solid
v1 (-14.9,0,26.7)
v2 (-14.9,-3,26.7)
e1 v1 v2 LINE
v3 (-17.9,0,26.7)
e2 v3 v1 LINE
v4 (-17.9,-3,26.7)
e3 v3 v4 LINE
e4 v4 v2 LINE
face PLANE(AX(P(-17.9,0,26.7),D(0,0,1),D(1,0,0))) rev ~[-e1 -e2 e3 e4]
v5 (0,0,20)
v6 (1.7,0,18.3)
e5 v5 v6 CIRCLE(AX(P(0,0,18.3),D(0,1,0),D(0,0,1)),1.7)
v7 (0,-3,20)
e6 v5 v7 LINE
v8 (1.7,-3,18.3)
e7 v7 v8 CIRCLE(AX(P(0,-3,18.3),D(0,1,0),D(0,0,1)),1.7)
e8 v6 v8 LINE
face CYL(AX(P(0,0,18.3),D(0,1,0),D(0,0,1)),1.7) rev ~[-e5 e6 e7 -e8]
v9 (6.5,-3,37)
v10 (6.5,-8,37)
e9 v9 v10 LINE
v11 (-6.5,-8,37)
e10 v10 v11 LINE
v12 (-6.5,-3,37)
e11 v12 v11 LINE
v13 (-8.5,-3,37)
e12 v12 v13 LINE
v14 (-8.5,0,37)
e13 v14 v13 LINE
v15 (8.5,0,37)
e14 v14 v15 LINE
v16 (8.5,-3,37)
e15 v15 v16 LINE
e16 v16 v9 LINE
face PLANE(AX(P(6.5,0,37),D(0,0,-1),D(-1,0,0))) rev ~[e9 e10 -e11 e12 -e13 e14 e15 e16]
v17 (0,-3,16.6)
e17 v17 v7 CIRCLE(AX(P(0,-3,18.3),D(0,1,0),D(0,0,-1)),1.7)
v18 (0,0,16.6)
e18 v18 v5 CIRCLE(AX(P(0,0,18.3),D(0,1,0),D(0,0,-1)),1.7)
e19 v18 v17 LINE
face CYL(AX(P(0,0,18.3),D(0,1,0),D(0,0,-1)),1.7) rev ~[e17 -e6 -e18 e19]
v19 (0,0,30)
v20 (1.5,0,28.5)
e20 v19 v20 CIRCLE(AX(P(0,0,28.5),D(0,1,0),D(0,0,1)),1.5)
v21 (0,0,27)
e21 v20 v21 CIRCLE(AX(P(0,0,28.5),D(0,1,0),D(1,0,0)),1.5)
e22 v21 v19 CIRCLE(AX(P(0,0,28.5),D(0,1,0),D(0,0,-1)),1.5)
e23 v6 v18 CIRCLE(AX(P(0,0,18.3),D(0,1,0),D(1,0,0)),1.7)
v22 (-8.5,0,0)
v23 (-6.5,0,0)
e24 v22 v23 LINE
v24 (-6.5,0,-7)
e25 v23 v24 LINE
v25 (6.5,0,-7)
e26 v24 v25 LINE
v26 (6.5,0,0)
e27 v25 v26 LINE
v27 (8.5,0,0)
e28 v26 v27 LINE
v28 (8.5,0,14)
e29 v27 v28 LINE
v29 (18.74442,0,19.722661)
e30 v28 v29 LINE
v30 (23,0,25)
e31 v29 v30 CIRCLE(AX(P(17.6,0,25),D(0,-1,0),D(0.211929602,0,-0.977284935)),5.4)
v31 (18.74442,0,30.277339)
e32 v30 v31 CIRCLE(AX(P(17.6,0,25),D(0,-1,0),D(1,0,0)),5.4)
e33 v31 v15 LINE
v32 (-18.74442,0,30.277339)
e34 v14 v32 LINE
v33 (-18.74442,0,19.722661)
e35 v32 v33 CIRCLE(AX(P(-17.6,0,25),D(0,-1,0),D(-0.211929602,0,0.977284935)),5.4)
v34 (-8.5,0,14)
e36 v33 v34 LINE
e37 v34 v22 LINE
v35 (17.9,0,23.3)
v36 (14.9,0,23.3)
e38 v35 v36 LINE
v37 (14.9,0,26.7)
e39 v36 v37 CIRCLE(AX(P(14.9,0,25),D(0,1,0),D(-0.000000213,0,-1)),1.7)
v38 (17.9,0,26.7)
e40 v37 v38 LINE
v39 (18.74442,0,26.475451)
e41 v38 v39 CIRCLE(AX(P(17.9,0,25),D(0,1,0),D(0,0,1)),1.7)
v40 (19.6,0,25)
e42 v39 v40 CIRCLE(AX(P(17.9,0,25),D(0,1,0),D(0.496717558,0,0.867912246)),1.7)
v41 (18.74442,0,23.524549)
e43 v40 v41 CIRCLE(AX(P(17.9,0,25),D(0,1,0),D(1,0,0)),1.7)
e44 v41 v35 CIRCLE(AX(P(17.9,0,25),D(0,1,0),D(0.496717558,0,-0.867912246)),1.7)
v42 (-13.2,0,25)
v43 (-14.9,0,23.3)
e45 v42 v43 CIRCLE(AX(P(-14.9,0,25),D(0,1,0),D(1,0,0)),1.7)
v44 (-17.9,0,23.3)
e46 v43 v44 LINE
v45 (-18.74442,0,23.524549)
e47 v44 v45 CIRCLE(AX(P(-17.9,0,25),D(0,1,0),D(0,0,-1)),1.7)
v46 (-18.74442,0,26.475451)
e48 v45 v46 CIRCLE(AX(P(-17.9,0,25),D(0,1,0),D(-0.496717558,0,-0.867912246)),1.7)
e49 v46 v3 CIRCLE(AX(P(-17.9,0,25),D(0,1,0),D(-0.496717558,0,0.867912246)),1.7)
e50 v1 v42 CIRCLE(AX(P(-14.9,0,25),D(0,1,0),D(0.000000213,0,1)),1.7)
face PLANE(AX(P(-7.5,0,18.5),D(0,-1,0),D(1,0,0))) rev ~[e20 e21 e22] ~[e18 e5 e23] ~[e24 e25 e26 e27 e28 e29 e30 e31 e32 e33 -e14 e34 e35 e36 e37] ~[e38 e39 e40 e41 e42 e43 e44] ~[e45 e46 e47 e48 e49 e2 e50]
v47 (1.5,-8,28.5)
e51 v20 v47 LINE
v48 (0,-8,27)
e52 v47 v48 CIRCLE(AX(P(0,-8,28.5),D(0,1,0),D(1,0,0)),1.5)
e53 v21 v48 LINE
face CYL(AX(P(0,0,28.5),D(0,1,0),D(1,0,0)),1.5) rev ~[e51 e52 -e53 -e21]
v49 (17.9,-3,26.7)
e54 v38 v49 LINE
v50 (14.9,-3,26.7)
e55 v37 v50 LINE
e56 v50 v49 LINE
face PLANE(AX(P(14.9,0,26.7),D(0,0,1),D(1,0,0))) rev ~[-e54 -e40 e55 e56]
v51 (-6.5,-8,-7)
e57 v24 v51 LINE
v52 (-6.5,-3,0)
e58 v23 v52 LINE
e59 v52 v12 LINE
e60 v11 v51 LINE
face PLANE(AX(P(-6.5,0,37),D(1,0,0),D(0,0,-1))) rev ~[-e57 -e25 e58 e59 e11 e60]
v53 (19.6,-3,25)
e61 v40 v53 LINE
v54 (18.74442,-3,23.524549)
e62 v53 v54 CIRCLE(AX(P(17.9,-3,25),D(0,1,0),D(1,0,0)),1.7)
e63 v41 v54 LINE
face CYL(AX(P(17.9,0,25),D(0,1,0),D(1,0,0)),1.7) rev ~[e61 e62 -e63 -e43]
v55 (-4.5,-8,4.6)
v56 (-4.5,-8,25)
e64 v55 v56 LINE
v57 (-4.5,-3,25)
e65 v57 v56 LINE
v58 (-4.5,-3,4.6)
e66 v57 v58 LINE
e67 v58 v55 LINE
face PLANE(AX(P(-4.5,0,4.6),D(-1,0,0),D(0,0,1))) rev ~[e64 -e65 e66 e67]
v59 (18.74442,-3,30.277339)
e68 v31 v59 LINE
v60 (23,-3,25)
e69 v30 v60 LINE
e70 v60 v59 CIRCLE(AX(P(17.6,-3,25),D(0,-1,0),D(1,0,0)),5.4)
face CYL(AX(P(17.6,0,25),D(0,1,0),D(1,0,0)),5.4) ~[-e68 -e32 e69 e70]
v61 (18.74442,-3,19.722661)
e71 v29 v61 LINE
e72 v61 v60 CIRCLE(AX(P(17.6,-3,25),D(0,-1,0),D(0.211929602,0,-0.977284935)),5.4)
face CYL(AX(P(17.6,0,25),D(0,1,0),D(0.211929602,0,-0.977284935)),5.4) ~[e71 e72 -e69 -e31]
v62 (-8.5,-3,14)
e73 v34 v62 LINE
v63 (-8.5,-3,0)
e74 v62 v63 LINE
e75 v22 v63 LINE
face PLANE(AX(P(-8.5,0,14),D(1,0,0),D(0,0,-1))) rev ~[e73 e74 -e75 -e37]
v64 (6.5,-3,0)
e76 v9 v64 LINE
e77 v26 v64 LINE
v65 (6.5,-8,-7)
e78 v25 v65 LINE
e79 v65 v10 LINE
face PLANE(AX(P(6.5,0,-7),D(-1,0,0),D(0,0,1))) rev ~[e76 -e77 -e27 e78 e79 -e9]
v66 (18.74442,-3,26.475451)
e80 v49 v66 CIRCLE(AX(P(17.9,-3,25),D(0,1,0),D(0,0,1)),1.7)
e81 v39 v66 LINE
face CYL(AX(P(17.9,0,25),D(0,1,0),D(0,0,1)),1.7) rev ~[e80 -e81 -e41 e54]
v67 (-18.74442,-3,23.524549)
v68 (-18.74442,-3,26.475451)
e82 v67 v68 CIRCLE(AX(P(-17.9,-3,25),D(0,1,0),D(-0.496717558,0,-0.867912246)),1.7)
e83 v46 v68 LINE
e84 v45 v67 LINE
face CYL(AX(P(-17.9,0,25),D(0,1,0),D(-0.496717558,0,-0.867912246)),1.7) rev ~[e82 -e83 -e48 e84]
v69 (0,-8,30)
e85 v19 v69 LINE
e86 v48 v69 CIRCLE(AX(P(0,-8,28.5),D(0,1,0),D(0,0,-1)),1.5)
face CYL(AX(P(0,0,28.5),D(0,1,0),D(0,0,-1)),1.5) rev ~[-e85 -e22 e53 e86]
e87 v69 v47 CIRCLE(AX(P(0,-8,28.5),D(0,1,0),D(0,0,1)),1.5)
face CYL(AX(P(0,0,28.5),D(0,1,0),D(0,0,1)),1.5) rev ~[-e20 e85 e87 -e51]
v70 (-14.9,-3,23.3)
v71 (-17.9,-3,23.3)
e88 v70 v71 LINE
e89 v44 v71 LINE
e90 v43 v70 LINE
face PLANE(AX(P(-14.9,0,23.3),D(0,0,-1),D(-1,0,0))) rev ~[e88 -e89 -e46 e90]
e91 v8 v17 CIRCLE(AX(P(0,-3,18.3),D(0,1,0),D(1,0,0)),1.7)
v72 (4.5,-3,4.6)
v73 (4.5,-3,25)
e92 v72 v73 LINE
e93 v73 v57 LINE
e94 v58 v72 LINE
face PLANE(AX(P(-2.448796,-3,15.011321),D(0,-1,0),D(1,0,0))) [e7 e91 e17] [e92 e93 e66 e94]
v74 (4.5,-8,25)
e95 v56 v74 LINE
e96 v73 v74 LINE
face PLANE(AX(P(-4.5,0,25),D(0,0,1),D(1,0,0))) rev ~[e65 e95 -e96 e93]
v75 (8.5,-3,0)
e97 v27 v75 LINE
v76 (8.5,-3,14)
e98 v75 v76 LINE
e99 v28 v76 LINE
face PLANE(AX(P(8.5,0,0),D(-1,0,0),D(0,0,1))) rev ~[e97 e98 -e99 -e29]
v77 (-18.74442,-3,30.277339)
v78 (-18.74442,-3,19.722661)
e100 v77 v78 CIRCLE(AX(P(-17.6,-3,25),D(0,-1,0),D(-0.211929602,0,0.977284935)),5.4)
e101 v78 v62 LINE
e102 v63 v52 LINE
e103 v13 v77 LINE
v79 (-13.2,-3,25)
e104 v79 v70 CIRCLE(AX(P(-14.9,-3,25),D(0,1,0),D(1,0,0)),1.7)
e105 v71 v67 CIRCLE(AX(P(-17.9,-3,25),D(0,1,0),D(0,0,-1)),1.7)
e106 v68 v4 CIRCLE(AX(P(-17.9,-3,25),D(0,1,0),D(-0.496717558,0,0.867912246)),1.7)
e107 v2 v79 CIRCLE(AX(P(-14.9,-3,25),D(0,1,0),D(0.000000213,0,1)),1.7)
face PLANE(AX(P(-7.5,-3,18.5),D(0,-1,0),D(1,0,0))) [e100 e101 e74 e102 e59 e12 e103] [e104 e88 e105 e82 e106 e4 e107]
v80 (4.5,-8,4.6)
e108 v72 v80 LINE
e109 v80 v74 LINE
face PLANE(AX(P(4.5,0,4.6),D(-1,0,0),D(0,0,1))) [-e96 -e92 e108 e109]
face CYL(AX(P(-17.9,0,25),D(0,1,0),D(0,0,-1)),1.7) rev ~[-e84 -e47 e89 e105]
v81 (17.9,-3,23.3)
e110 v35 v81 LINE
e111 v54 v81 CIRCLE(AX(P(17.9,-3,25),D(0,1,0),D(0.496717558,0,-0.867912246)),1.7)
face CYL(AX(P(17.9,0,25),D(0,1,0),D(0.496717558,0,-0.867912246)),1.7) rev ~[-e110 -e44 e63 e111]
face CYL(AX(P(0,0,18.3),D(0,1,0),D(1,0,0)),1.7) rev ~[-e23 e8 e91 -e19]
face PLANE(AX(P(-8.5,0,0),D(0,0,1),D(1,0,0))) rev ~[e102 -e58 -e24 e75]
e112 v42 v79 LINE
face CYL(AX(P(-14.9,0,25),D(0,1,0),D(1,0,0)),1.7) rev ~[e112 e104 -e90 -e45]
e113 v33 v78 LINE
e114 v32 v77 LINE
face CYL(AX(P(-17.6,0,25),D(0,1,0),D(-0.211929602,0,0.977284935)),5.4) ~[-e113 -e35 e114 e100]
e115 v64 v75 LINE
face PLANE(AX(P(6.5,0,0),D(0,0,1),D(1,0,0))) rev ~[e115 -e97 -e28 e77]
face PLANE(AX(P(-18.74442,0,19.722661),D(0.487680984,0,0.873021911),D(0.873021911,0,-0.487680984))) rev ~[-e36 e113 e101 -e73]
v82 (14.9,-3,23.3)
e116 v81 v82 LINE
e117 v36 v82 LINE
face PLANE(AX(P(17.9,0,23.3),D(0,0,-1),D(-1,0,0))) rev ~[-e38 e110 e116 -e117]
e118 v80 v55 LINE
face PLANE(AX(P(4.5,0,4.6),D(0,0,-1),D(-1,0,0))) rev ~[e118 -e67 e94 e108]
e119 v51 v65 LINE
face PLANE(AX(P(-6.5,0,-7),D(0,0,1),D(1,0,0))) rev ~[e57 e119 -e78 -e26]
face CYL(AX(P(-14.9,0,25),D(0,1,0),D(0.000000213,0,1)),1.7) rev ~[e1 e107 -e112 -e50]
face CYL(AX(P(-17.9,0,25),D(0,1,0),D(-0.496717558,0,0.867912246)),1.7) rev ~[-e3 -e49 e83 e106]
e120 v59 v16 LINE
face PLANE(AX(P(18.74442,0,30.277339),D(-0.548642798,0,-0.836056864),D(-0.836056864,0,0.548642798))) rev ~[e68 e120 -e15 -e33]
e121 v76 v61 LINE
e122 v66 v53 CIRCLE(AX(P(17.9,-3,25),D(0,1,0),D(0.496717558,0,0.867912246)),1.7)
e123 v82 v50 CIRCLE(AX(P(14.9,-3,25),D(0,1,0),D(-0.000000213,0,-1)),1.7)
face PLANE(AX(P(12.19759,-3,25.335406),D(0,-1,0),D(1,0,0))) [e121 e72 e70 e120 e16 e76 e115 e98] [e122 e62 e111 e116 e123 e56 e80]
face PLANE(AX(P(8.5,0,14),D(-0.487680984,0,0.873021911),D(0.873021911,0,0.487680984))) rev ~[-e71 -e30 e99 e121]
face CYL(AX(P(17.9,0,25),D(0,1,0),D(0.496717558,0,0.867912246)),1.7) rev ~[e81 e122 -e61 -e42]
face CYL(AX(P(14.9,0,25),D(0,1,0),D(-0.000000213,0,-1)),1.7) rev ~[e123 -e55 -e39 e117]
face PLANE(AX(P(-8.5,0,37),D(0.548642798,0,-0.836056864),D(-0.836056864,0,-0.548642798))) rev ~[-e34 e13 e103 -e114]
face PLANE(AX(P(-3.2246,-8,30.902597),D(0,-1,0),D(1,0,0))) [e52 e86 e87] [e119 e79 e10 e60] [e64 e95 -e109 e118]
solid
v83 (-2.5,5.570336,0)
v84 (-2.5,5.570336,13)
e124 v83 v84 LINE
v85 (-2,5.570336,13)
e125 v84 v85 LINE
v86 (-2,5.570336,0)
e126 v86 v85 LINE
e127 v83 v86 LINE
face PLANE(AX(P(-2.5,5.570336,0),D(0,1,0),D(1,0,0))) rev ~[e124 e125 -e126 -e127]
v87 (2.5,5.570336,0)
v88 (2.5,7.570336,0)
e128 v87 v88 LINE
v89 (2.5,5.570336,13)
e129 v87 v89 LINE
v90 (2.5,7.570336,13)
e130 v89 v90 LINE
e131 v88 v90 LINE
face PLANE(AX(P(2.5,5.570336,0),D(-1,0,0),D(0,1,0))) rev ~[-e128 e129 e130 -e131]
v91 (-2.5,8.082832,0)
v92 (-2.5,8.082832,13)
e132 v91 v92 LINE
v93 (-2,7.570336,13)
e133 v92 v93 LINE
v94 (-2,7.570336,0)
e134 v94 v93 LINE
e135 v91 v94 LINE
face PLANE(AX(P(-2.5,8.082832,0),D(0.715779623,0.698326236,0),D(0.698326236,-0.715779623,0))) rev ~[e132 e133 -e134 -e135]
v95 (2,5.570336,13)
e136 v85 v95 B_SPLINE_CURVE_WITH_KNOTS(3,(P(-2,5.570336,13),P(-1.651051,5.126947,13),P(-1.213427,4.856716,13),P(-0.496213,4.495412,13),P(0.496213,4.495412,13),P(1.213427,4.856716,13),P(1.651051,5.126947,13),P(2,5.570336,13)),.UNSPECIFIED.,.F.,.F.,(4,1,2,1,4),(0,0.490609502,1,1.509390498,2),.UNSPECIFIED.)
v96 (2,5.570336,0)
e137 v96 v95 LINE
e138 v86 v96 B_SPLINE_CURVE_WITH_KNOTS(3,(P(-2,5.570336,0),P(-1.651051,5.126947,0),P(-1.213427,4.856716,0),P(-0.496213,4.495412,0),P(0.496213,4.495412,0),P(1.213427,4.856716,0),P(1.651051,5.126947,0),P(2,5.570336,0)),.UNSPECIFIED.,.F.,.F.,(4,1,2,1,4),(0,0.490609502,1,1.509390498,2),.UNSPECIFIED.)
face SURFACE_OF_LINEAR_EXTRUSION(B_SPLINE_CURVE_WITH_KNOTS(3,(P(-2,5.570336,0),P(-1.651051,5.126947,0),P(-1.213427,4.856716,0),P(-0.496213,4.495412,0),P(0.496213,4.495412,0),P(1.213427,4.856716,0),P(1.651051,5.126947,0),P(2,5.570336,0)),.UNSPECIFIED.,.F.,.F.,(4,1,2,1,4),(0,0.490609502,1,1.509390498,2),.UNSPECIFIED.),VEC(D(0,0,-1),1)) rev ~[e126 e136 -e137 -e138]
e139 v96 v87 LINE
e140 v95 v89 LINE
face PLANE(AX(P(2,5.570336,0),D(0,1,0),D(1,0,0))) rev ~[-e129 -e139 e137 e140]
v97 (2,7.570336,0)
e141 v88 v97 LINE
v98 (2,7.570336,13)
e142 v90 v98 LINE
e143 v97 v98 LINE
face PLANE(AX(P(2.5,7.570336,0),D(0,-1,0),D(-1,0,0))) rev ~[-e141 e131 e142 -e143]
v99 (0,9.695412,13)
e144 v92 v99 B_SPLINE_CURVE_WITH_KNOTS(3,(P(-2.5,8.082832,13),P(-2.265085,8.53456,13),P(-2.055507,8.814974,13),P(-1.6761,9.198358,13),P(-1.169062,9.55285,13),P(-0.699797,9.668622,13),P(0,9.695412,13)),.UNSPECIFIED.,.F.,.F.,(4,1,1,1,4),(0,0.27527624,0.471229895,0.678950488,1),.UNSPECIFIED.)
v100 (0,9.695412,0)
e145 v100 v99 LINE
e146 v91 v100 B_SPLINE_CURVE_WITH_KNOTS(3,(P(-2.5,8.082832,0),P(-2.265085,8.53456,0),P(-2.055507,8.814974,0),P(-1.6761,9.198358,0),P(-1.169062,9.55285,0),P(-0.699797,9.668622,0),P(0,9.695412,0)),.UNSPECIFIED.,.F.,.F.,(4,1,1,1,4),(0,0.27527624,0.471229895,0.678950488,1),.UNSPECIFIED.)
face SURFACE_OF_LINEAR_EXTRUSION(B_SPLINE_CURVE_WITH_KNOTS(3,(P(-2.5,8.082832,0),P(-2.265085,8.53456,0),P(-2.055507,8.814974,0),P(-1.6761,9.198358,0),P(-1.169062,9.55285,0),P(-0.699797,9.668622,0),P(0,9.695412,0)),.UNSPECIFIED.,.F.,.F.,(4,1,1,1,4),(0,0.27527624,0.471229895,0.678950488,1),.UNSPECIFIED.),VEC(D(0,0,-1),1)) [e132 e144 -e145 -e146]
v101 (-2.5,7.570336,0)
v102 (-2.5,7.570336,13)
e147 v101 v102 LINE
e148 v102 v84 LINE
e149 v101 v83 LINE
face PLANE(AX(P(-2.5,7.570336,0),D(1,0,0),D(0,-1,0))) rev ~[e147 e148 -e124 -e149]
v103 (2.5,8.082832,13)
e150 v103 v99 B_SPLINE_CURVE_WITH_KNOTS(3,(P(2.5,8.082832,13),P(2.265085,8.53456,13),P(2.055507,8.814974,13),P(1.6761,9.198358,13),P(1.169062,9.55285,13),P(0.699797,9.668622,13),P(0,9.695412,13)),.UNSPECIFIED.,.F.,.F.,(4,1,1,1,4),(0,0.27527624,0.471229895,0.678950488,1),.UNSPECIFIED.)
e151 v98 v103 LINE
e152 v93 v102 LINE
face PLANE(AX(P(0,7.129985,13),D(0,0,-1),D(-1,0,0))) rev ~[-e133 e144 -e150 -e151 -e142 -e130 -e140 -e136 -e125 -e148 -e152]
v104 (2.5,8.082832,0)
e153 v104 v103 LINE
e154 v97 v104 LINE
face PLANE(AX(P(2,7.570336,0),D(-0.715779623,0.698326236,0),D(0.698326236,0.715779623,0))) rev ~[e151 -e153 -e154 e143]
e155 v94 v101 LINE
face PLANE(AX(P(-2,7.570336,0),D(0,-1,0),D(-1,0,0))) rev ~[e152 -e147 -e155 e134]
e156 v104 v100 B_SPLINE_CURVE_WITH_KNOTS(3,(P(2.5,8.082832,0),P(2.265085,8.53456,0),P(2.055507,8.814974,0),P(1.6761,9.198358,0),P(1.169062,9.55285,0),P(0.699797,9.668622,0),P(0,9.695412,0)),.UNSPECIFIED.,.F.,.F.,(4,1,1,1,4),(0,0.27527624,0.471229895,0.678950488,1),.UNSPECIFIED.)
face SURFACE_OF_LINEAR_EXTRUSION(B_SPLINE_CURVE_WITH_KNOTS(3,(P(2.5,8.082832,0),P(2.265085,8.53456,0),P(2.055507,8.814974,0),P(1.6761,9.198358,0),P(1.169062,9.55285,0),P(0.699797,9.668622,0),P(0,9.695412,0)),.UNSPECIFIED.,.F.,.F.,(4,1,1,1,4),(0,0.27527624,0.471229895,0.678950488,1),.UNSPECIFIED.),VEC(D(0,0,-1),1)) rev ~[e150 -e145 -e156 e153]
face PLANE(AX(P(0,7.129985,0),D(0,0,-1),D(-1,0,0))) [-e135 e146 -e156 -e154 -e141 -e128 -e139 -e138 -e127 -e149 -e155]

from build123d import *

# Parameters (mm, degrees)
F0_W     = 2
F0_H     = 20.4
F0_W_2   = 6.5
F0_H_2   = 7
F1_DEPTH = 8
F2_DEPTH = 3
F4_DEPTH = 13


with BuildPart() as f1:
    # F0 (on Front) → F1 (new body)
    with BuildSketch(Plane.XZ):
        with BuildLine():
            Line((-6.5, 37), (-6.5, 25))
            Line((-6.5, 25), (-4.5, 25))
            Line((-4.5, 25), (0, 25))
            Line((0, 25), (0, 27))
            ThreePointArc((0, 27), (-1.5, 28.5), (0, 30))
            Line((0, 30), (0, 37))
            Line((0, 37), (-6.5, 37))
        make_face()
        with BuildLine():
            Line((0, 25), (4.5, 25))
            Line((4.5, 25), (6.5, 25))
            Line((6.5, 25), (6.5, 37))
            Line((6.5, 37), (0, 37))
            Line((0, 37), (0, 30))
            ThreePointArc((0, 30), (1.0606601718, 29.5606601718), (1.5, 28.5))
            ThreePointArc((1.5, 28.5), (1.0606601718, 27.4393398282), (0, 27))
            Line((0, 27), (0, 25))
        make_face()
        with Locations((5.5, 14.8)):
            Rectangle(F0_W, F0_H)
        Polygon((0, 4.6), (0, 0), (6.5, 0), (6.5, 4.6), (4.5, 4.6), align=None)
        Polygon((-6.5, 0), (0, 0), (0, 4.6), (-4.5, 4.6), (-6.5, 4.6), align=None)
        with Locations((-3.25, -3.5)):
            Rectangle(F0_W_2, F0_H_2)
        with Locations((3.25, -3.5)):
            Rectangle(F0_W_2, F0_H_2)
        with Locations((-5.5, 14.8)):
            Rectangle(F0_W, F0_H)
    extrude(amount=F1_DEPTH)

    # F0 (on Front) → F2 (join)
    with BuildSketch(Plane.XZ):
        Polygon((-8.5, 0), (-6.5, 0), (-6.5, 4.6), (-6.5, 25), (-6.5, 37), (-8.5, 37), (-8.5, 14), align=None)
        with BuildLine():
            Line((-18.7444198489, 19.7226613516), (-8.5, 14))
            Line((-8.5, 14), (-8.5, 37))
            Line((-8.5, 37), (-18.7444198489, 30.2773386484))
            ThreePointArc((-18.7444198489, 30.2773386484), (-14.2102999531, 29.2035620124), (-12.2, 25))
            ThreePointArc((-12.2, 25), (-14.2102999531, 20.7964379876), (-18.7444198489, 19.7226613516))
        make_face()
        with BuildLine():
            Line((-4.5, 4.6), (0, 4.6))
            Line((0, 4.6), (0, 15.1))
            ThreePointArc((0, 15.1), (-3.2, 18.3), (0, 21.5))
            Line((0, 21.5), (0, 25))
            Line((0, 25), (-4.5, 25))
            Line((-4.5, 25), (-4.5, 4.6))
        make_face()
        with BuildLine():
            Line((0, 15.1), (0, 4.6))
            Line((0, 4.6), (4.5, 4.6))
            Line((4.5, 4.6), (4.5, 25))
            Line((4.5, 25), (0, 25))
            Line((0, 25), (0, 21.5))
            ThreePointArc((0, 21.5), (2.2627416998, 20.5627416998), (3.2, 18.3))
            ThreePointArc((3.2, 18.3), (2.2627416998, 16.0372583002), (0, 15.1))
        make_face()
        with BuildLine():
            Line((8.5, 37), (8.5, 14))
            Line((8.5, 14), (18.7444198489, 19.7226613516))
            ThreePointArc((18.7444198489, 19.7226613516), (12.2, 25), (18.7444198489, 30.2773386484))
            Line((18.7444198489, 30.2773386484), (8.5, 37))
        make_face()
        Polygon((6.5, 4.6), (6.5, 0), (8.5, 0), (8.5, 14), (8.5, 37), (6.5, 37), (6.5, 25), align=None)
        with BuildLine():
            Line((-18.7444198489, 23.5245491812), (-18.7444198489, 19.7226613516))
            ThreePointArc((-18.7444198489, 19.7226613516), (-14.2102999531, 20.7964379876), (-12.2, 25))
            ThreePointArc((-12.2, 25), (-14.2102999531, 29.2035620124), (-18.7444198489, 30.2773386484))
            Line((-18.7444198489, 30.2773386484), (-18.7444198489, 26.4754508188))
            ThreePointArc((-18.7444198489, 26.4754508188), (-18.3368830553, 26.6429038913), (-17.9, 26.7))
            Line((-17.9, 26.7), (-14.8999996376, 26.7))
            ThreePointArc((-14.8999996376, 26.7), (-13.6979183439, 26.2020813999), (-13.2, 25))
            ThreePointArc((-13.2, 25), (-13.6979183439, 23.7979186001), (-14.8999996376, 23.3))
            Line((-14.8999996376, 23.3), (-17.9, 23.3))
            ThreePointArc((-17.9, 23.3), (-18.3368830553, 23.3570961087), (-18.7444198489, 23.5245491812))
        make_face()
        with BuildLine():
            ThreePointArc((-18.7444198489, 30.2773386484), (-23, 25), (-18.7444198489, 19.7226613516))
            Line((-18.7444198489, 19.7226613516), (-18.7444198489, 23.5245491812))
            ThreePointArc((-18.7444198489, 23.5245491812), (-19.6, 25), (-18.7444198489, 26.4754508188))
            Line((-18.7444198489, 26.4754508188), (-18.7444198489, 30.2773386484))
        make_face()
        with BuildLine():
            Line((18.7444198489, 23.5245491812), (18.7444198489, 19.7226613516))
            ThreePointArc((18.7444198489, 19.7226613516), (21.8035620124, 21.6102999531), (23, 25))
            ThreePointArc((23, 25), (21.8035620124, 28.3897000469), (18.7444198489, 30.2773386484))
            Line((18.7444198489, 30.2773386484), (18.7444198489, 26.4754508188))
            ThreePointArc((18.7444198489, 26.4754508188), (19.3706314534, 25.8527855114), (19.6, 25))
            ThreePointArc((19.6, 25), (19.3706314534, 24.1472144886), (18.7444198489, 23.5245491812))
        make_face()
        with BuildLine():
            ThreePointArc((18.7444198489, 30.2773386484), (12.2, 25), (18.7444198489, 19.7226613516))
            Line((18.7444198489, 19.7226613516), (18.7444198489, 23.5245491812))
            ThreePointArc((18.7444198489, 23.5245491812), (18.3368830553, 23.3570961087), (17.9, 23.3))
            Line((17.9, 23.3), (14.8999996376, 23.3))
            ThreePointArc((14.8999996376, 23.3), (13.2, 25), (14.8999996376, 26.7))
            Line((14.8999996376, 26.7), (17.9, 26.7))
            ThreePointArc((17.9, 26.7), (18.3368830553, 26.6429038913), (18.7444198489, 26.4754508188))
            Line((18.7444198489, 26.4754508188), (18.7444198489, 30.2773386484))
        make_face()
        with BuildLine():
            ThreePointArc((0, 21.5), (-3.2, 18.3), (0, 15.1))
            Line((0, 15.1), (0, 16.6))
            ThreePointArc((0, 16.6), (-1.7, 18.3), (0, 20))
            Line((0, 20), (0, 21.5))
        make_face()
        with BuildLine():
            Line((0, 16.6), (0, 15.1))
            ThreePointArc((0, 15.1), (2.2627416998, 16.0372583002), (3.2, 18.3))
            ThreePointArc((3.2, 18.3), (2.2627416998, 20.5627416998), (0, 21.5))
            Line((0, 21.5), (0, 20))
            ThreePointArc((0, 20), (1.202081528, 19.502081528), (1.7, 18.3))
            ThreePointArc((1.7, 18.3), (1.202081528, 17.097918472), (0, 16.6))
        make_face()
    extrude(amount=F2_DEPTH)


with BuildPart() as f4:
    # F3 (on Top) → F4 (new body)
    with BuildSketch(Plane.XY):
        with BuildLine():
            add(Edge.make_bspline(
                [(0, 4.4954122202), (-0.4962129107, 4.4954122202), (-1.2134270742, 4.8567158568), (-1.6510507558, 5.1269470714), (-2, 5.5703356247)],
                knots=[0, 0, 0, 0, 0.5093904984, 1, 1, 1, 1], degree=3))
            add(Edge.make_bspline(
                [(0, 4.4954122202), (0.4962129107, 4.4954122202), (1.2134270742, 4.8567158568), (1.6510507558, 5.1269470714), (2, 5.5703356247)],
                knots=[0, 0, 0, 0, 0.5093904984, 1, 1, 1, 1], degree=3))
            Line((2, 5.5703356247), (2.5, 5.5703356247))
            Line((2.5, 5.5703356247), (2.5, 7.5703356247))
            Line((2.5, 7.5703356247), (2, 7.5703356247))
            Line((2, 7.5703356247), (2.5, 8.0828322098))
            add(Edge.make_bspline(
                [(2.5, 8.0828322098), (2.2650851883, 8.5345596151), (2.0555071016, 8.8149741689), (1.6760997611, 9.1983581073), (1.169062252, 9.5528497336), (0.6997972854, 9.6686221595), (0, 9.6954122202)],
                knots=[0, 0, 0, 0, 0.2752762405, 0.4712298953, 0.6789504876, 1, 1, 1, 1], degree=3))
            add(Edge.make_bspline(
                [(-2.5, 8.0828322098), (-2.2650851883, 8.5345596151), (-2.0555071016, 8.8149741689), (-1.6760997611, 9.1983581073), (-1.169062252, 9.5528497336), (-0.6997972854, 9.6686221595), (0, 9.6954122202)],
                knots=[0, 0, 0, 0, 0.2752762405, 0.4712298953, 0.6789504876, 1, 1, 1, 1], degree=3))
            Line((-2.5, 8.0828322098), (-2, 7.5703356247))
            Line((-2, 7.5703356247), (-2.5, 7.5703356247))
            Line((-2.5, 7.5703356247), (-2.5, 5.5703356247))
            Line((-2.5, 5.5703356247), (-2, 5.5703356247))
        make_face()
    extrude(amount=F4_DEPTH)


solid = Compound([f1.part, f4.part])
